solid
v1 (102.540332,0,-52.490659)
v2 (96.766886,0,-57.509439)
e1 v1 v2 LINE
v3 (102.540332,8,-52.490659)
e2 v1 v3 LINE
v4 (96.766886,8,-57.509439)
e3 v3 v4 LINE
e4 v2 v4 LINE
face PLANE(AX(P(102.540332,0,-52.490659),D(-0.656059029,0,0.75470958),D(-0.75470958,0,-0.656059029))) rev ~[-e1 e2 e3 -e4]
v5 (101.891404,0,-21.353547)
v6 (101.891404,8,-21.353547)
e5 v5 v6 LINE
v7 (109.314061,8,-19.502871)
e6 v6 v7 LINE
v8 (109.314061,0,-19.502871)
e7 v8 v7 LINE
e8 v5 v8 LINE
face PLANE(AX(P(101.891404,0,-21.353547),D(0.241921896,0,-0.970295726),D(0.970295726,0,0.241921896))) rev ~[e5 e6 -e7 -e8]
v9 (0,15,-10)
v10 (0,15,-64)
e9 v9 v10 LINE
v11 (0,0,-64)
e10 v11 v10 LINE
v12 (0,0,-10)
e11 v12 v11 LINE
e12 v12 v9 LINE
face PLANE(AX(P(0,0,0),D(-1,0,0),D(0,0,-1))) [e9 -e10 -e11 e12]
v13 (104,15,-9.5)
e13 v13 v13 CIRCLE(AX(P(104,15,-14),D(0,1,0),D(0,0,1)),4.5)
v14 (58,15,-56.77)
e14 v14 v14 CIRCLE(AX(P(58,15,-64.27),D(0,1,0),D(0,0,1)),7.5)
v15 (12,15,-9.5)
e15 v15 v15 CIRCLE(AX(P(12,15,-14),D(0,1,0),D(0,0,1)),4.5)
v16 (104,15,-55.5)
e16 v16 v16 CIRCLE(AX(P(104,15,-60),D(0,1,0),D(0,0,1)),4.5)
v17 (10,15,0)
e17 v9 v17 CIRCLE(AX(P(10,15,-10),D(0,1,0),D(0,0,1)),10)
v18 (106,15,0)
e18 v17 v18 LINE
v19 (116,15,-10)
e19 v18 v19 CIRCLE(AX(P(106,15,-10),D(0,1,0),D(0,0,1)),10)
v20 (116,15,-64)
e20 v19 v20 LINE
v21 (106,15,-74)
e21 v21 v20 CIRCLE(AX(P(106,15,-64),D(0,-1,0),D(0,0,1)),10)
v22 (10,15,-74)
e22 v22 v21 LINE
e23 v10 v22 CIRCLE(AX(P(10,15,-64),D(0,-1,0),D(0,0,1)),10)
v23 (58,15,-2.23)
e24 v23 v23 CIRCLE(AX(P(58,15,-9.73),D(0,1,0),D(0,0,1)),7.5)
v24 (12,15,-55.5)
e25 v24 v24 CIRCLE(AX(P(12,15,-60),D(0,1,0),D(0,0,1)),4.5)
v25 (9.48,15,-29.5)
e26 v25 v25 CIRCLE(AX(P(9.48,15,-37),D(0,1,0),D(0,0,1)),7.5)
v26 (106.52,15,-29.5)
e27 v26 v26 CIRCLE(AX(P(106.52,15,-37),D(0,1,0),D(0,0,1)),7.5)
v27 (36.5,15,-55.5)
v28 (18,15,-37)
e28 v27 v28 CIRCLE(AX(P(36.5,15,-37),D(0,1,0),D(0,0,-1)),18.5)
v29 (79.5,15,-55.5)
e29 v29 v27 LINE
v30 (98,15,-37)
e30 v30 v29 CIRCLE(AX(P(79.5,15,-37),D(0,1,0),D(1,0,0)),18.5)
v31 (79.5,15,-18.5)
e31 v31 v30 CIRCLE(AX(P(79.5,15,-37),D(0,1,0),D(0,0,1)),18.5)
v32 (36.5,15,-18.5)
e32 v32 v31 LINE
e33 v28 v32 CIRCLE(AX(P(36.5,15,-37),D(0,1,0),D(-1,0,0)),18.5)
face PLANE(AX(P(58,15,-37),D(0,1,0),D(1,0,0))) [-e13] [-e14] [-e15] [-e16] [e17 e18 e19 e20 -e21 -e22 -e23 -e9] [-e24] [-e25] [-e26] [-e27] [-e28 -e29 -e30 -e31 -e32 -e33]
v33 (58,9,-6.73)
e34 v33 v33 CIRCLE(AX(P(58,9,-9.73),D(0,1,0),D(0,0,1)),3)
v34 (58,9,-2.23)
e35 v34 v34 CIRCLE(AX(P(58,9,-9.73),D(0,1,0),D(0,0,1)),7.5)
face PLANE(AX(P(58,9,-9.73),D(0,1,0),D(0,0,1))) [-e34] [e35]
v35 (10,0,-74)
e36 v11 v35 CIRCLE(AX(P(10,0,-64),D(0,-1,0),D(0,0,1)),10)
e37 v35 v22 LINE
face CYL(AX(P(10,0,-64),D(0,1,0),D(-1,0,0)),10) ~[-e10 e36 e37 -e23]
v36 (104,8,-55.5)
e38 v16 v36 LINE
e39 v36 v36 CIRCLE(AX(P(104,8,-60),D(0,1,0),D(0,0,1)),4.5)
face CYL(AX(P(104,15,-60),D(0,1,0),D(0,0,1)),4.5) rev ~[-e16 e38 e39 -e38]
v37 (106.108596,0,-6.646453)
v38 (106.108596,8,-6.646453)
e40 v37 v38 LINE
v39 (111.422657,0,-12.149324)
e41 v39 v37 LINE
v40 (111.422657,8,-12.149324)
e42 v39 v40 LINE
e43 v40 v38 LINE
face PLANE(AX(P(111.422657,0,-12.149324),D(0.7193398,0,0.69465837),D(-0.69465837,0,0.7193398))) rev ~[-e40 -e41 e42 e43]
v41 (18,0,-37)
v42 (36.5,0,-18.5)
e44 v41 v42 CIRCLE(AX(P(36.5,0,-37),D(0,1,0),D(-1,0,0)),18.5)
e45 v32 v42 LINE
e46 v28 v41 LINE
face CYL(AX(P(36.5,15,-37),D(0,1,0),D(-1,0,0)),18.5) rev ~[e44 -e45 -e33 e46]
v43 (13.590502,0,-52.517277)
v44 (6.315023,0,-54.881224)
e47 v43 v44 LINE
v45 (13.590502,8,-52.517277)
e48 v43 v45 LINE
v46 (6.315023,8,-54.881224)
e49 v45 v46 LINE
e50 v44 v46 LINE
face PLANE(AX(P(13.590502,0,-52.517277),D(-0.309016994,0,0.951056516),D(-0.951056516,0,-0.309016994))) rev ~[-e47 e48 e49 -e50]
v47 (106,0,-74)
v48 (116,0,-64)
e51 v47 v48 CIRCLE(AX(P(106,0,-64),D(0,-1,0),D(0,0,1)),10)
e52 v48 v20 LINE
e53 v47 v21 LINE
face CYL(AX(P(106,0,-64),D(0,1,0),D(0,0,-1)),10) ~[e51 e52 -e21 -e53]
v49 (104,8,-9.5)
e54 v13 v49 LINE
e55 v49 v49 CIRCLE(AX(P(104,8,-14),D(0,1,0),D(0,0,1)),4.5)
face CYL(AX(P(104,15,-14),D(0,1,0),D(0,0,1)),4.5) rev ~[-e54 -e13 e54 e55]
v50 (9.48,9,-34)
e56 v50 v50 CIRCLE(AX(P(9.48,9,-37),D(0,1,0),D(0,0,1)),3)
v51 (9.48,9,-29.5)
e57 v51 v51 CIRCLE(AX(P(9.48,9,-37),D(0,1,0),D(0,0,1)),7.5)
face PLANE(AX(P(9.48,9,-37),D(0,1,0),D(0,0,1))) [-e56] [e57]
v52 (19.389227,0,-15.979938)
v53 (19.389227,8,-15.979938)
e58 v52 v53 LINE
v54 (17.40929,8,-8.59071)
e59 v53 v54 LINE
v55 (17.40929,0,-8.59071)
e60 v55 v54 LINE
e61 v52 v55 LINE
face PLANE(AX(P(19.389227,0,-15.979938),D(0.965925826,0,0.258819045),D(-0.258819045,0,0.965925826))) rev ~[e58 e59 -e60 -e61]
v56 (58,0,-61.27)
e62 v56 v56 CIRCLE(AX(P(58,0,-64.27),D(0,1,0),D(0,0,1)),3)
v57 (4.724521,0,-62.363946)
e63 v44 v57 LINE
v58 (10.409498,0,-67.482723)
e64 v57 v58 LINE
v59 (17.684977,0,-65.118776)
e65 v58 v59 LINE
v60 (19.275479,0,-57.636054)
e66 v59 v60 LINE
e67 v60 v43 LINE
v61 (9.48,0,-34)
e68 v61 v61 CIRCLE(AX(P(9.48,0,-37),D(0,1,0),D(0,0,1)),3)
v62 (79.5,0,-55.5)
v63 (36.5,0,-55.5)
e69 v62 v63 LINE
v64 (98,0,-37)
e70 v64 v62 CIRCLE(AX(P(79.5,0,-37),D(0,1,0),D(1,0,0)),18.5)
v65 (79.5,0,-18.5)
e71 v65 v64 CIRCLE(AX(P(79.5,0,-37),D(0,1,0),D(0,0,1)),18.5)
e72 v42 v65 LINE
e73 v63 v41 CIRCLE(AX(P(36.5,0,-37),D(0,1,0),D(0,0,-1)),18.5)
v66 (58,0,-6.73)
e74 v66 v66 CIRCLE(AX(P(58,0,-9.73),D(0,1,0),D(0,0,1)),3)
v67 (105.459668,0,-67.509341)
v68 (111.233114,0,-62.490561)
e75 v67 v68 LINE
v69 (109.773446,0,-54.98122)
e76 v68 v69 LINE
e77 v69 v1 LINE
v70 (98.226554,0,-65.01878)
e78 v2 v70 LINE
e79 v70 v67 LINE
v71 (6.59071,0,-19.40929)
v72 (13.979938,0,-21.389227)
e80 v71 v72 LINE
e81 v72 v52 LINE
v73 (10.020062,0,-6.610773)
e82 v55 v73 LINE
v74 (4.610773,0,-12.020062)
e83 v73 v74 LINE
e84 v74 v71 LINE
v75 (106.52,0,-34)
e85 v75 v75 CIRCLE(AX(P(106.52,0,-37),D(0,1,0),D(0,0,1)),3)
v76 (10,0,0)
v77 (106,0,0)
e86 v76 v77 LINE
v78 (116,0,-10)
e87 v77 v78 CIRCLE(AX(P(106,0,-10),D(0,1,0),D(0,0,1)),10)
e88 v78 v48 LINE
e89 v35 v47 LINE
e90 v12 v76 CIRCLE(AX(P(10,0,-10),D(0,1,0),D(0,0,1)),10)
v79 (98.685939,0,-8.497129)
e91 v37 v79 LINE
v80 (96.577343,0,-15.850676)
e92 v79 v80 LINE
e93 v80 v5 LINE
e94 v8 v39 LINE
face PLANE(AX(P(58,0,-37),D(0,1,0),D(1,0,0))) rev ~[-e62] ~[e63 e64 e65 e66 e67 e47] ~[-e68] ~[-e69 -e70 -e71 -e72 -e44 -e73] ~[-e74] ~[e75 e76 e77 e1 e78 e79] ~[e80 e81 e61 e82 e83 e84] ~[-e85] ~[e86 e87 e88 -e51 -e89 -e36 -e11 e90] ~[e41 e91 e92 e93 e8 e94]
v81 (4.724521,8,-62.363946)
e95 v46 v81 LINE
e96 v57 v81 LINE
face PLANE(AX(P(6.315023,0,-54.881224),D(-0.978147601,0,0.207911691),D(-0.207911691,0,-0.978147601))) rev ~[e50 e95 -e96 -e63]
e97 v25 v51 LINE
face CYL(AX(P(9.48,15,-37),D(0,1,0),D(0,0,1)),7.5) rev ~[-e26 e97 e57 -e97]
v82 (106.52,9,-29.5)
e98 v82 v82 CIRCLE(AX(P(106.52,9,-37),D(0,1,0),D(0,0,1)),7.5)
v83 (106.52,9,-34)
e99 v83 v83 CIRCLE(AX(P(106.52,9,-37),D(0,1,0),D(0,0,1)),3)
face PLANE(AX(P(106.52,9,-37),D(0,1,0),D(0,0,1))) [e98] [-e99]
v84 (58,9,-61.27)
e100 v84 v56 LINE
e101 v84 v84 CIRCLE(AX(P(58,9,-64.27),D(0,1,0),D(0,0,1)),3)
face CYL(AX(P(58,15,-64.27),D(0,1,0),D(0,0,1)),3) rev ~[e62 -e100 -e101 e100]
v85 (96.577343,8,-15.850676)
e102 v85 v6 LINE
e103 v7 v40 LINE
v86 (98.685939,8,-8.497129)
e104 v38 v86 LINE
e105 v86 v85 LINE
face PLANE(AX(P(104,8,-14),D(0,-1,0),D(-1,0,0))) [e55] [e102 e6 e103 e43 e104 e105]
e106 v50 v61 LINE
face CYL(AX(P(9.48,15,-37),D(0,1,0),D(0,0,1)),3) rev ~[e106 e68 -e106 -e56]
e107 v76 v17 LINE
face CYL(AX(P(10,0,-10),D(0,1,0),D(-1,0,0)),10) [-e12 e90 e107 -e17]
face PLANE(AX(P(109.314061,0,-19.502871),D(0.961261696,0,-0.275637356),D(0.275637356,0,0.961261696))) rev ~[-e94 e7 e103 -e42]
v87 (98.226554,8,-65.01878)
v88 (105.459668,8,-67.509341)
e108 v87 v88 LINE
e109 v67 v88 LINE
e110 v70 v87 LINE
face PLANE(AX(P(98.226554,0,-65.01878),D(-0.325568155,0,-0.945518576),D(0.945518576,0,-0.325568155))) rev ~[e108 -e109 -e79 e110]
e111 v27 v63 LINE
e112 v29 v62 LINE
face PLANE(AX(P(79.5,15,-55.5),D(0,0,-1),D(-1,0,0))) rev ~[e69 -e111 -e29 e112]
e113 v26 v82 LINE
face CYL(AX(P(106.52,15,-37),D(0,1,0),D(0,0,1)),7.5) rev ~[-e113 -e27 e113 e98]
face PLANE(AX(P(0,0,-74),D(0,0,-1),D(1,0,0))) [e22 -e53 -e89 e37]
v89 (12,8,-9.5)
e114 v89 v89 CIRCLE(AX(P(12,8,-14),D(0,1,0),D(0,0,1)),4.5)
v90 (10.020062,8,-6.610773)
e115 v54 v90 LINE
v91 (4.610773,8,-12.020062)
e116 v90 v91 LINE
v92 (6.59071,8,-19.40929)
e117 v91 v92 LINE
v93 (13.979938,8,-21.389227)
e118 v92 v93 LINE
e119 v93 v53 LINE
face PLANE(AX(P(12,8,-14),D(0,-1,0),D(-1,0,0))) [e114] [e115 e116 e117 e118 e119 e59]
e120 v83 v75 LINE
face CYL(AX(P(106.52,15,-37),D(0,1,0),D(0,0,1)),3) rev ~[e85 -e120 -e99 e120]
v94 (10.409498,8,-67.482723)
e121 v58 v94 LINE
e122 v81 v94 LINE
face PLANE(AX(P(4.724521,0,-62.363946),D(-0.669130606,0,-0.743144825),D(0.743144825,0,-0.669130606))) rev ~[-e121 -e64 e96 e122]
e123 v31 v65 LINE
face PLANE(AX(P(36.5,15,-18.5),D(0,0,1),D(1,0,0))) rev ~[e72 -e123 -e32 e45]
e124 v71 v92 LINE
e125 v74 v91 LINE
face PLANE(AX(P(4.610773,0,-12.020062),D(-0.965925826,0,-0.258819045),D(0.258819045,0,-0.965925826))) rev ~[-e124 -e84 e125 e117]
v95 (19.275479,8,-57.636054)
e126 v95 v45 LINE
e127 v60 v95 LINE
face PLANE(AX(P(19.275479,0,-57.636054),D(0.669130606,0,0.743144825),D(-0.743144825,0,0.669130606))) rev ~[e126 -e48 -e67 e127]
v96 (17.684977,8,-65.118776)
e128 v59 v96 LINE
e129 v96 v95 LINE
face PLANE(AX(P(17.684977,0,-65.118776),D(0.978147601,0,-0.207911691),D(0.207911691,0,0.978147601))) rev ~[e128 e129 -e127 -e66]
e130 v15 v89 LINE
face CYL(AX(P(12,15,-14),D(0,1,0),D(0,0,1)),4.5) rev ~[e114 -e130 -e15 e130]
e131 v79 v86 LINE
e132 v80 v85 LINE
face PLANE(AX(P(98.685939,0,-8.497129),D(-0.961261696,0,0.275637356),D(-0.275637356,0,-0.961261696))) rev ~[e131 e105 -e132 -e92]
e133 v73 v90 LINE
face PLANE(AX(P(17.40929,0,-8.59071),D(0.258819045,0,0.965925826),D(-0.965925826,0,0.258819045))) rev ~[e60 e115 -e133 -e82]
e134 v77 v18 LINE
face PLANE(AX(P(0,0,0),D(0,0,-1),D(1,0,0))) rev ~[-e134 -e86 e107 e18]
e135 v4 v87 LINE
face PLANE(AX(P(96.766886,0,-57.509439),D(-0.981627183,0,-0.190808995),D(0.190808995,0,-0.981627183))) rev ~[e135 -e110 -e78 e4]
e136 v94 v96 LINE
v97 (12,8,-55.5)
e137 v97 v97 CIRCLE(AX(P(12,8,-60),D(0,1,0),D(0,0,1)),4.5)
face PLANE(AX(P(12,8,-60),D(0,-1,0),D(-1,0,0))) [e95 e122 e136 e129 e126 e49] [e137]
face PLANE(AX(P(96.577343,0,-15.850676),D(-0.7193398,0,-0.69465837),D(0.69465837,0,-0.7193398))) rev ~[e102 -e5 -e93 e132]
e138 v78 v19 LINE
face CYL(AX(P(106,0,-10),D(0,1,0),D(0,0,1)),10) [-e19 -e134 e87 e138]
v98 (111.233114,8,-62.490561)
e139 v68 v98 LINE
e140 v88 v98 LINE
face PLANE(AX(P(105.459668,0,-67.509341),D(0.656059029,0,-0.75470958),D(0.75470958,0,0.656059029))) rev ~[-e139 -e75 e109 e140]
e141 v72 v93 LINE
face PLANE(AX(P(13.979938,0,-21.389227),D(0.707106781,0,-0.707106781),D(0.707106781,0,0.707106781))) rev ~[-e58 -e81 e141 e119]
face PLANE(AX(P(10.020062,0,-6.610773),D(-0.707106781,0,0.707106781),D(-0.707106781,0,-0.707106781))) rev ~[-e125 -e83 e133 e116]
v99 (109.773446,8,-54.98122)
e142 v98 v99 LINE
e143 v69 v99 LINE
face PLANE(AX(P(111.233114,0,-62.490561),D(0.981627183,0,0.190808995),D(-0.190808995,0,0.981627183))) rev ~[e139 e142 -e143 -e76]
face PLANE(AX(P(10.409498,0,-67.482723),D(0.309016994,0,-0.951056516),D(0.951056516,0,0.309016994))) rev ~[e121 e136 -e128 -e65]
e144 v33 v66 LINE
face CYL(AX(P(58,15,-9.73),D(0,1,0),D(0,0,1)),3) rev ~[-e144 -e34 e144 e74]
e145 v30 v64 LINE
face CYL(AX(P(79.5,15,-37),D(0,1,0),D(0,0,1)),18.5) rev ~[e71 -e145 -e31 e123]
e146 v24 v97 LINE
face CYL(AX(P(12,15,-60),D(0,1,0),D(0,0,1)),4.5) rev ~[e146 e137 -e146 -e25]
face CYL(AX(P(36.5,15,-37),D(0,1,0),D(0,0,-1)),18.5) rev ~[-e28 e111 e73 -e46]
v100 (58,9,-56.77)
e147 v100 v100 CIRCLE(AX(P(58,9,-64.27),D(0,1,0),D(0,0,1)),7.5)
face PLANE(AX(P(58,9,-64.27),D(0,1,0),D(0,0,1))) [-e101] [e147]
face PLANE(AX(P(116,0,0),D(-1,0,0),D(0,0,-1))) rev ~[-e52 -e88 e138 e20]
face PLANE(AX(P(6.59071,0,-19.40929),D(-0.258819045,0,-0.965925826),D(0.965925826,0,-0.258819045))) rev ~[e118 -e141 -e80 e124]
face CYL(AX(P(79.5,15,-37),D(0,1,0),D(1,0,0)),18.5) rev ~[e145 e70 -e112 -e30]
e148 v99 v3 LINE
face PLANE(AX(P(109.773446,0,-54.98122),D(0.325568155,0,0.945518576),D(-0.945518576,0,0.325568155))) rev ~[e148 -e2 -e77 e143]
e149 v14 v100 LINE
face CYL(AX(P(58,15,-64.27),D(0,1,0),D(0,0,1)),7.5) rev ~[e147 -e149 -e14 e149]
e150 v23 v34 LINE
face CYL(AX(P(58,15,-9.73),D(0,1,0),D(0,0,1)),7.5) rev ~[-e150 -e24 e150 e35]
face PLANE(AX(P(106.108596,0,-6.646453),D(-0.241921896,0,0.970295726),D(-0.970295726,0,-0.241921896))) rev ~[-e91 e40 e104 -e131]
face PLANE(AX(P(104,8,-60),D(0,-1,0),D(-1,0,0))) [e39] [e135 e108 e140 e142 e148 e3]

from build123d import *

# Parameters (mm, degrees)
SKETCH1_W           = 116
SKETCH1_H           = 74
BOSS_EXTRUDE1_DEPTH = 15
CUT_EXTRUDE1_DEPTH  = 15
SKETCH4_R           = 4.5
CUT_EXTRUDE2_DEPTH  = 15
SKETCH5_R           = 3
CUT_EXTRUDE3_DEPTH  = 15
SKETCH6_R           = 7.5
CUT_EXTRUDE4_DEPTH  = 6
CUT_EXTRUDE5_DEPTH  = 8
FILLET1_R           = 10
FILLET2_R           = 10


with BuildPart() as part:
    # Sketch1 → Boss-Extrude1 (new body)
    with BuildSketch(Plane(origin=(0, 0, 0), x_dir=(1, 0, 0), z_dir=(0, 1, 0))):
        with Locations((58, 37)):
            Rectangle(SKETCH1_W, SKETCH1_H)
    extrude(amount=BOSS_EXTRUDE1_DEPTH)

    # Sketch2 → Cut-Extrude1 (cut)
    with BuildSketch(Plane(origin=(0, 15, 0), x_dir=(1, 0, 0), z_dir=(0, 1, 0))):
        with BuildLine():
            Line((79.5, 55.5), (36.5, 55.5))
            ThreePointArc((36.5, 55.5), (23.418524548, 50.081475452), (18, 37))
            ThreePointArc((18, 37), (23.418524548, 23.918524548), (36.5, 18.5))
            Line((36.5, 18.5), (79.5, 18.5))
            ThreePointArc((79.5, 18.5), (92.581475452, 23.918524548), (98, 37))
            ThreePointArc((98, 37), (92.581475452, 50.081475452), (79.5, 55.5))
        make_face()
    extrude(amount=-CUT_EXTRUDE1_DEPTH, mode=Mode.SUBTRACT)

    # Sketch4 → Cut-Extrude2 (cut)
    with BuildSketch(Plane(origin=(0, 15, 0), x_dir=(1, 0, 0), z_dir=(0, 1, 0))):
        with Locations(Location((12, 60, 0), (0, 0, 270))):  # turned: the seam where the file's is
            Circle(SKETCH4_R)
        with Locations(Location((12, 14, 0), (0, 0, 270))):  # turned: the seam where the file's is
            Circle(SKETCH4_R)
        with Locations(Location((104, 60, 0), (0, 0, 270))):  # turned: the seam where the file's is
            Circle(SKETCH4_R)
        with Locations(Location((104, 14, 0), (0, 0, 270))):  # turned: the seam where the file's is
            Circle(SKETCH4_R)
    extrude(amount=-CUT_EXTRUDE2_DEPTH, mode=Mode.SUBTRACT)

    # Sketch5 → Cut-Extrude3 (cut)
    with BuildSketch(Plane(origin=(0, 15, 0), x_dir=(1, 0, 0), z_dir=(0, 1, 0))):
        with Locations(Location((9.48, 37, 0), (0, 0, 270))):  # turned: the seam where the file's is
            Circle(SKETCH5_R)
        with Locations(Location((58, 64.27, 0), (0, 0, 270))):  # turned: the seam where the file's is
            Circle(SKETCH5_R)
        with Locations(Location((106.52, 37, 0), (0, 0, 270))):  # turned: the seam where the file's is
            Circle(SKETCH5_R)
        with Locations(Location((58, 9.73, 0), (0, 0, 270))):  # turned: the seam where the file's is
            Circle(SKETCH5_R)
    extrude(amount=-CUT_EXTRUDE3_DEPTH, mode=Mode.SUBTRACT)

    # Sketch6 → Cut-Extrude4 (cut)
    with BuildSketch(Plane(origin=(0, 15, 0), x_dir=(1, 0, 0), z_dir=(0, 1, 0))):
        with Locations(Location((58, 64.27, 0), (0, 0, 270))):  # turned: the seam where the file's is
            Circle(SKETCH6_R)
        with Locations(Location((9.48, 37, 0), (0, 0, 270))):  # turned: the seam where the file's is
            Circle(SKETCH6_R)
        with Locations(Location((106.52, 37, 0), (0, 0, 270))):  # turned: the seam where the file's is
            Circle(SKETCH6_R)
        with Locations(Location((58, 9.73, 0), (0, 0, 270))):  # turned: the seam where the file's is
            Circle(SKETCH6_R)
    extrude(amount=-CUT_EXTRUDE4_DEPTH, mode=Mode.SUBTRACT)

    # Sketch8 → Cut-Extrude5 (cut)
    with BuildSketch(Plane(origin=(0, 0, 0), x_dir=(-1, 0, 0), z_dir=(0, -1, 0))):
        Polygon((-13.979937501, 21.38922735), (-19.38922735, 15.979937501), (-17.409289849, 8.590710151), (-10.020062499, 6.61077265), (-4.61077265, 12.020062499), (-6.590710151, 19.409289849), align=None)
        Polygon((-96.577343391, 15.850676148), (-101.891404254, 21.353547261), (-109.314060863, 19.502871113), (-111.422656609, 12.149323852), (-106.108595746, 6.646452739), (-98.685939137, 8.497128887), align=None)
        Polygon((-102.540331971, 52.490658978), (-96.766885895, 57.509439084), (-98.226553924, 65.018780105), (-105.459668029, 67.509341022), (-111.233114105, 62.490560916), (-109.773446076, 54.981219895), align=None)
        Polygon((-19.275478748, 57.636053655), (-13.590501786, 52.517277407), (-6.315023038, 54.881223752), (-4.724521252, 62.363946345), (-10.409498214, 67.482722593), (-17.684976962, 65.118776248), align=None)
    extrude(amount=-CUT_EXTRUDE5_DEPTH, mode=Mode.SUBTRACT)

    # Fillet1
    fillet1_edges = [part.edges().sort_by_distance(p)[0] for p in [
        (0, 7.5, 0),
        (116, 7.5, 0),
        (116, 7.5, -74),
    ]]
    fillet(fillet1_edges, radius=FILLET1_R)

    # Fillet2
    fillet2_edges = [part.edges().sort_by_distance(p)[0] for p in [
        (0, 7.5, -74),
    ]]
    fillet(fillet2_edges, radius=FILLET2_R)


solid = part.part
